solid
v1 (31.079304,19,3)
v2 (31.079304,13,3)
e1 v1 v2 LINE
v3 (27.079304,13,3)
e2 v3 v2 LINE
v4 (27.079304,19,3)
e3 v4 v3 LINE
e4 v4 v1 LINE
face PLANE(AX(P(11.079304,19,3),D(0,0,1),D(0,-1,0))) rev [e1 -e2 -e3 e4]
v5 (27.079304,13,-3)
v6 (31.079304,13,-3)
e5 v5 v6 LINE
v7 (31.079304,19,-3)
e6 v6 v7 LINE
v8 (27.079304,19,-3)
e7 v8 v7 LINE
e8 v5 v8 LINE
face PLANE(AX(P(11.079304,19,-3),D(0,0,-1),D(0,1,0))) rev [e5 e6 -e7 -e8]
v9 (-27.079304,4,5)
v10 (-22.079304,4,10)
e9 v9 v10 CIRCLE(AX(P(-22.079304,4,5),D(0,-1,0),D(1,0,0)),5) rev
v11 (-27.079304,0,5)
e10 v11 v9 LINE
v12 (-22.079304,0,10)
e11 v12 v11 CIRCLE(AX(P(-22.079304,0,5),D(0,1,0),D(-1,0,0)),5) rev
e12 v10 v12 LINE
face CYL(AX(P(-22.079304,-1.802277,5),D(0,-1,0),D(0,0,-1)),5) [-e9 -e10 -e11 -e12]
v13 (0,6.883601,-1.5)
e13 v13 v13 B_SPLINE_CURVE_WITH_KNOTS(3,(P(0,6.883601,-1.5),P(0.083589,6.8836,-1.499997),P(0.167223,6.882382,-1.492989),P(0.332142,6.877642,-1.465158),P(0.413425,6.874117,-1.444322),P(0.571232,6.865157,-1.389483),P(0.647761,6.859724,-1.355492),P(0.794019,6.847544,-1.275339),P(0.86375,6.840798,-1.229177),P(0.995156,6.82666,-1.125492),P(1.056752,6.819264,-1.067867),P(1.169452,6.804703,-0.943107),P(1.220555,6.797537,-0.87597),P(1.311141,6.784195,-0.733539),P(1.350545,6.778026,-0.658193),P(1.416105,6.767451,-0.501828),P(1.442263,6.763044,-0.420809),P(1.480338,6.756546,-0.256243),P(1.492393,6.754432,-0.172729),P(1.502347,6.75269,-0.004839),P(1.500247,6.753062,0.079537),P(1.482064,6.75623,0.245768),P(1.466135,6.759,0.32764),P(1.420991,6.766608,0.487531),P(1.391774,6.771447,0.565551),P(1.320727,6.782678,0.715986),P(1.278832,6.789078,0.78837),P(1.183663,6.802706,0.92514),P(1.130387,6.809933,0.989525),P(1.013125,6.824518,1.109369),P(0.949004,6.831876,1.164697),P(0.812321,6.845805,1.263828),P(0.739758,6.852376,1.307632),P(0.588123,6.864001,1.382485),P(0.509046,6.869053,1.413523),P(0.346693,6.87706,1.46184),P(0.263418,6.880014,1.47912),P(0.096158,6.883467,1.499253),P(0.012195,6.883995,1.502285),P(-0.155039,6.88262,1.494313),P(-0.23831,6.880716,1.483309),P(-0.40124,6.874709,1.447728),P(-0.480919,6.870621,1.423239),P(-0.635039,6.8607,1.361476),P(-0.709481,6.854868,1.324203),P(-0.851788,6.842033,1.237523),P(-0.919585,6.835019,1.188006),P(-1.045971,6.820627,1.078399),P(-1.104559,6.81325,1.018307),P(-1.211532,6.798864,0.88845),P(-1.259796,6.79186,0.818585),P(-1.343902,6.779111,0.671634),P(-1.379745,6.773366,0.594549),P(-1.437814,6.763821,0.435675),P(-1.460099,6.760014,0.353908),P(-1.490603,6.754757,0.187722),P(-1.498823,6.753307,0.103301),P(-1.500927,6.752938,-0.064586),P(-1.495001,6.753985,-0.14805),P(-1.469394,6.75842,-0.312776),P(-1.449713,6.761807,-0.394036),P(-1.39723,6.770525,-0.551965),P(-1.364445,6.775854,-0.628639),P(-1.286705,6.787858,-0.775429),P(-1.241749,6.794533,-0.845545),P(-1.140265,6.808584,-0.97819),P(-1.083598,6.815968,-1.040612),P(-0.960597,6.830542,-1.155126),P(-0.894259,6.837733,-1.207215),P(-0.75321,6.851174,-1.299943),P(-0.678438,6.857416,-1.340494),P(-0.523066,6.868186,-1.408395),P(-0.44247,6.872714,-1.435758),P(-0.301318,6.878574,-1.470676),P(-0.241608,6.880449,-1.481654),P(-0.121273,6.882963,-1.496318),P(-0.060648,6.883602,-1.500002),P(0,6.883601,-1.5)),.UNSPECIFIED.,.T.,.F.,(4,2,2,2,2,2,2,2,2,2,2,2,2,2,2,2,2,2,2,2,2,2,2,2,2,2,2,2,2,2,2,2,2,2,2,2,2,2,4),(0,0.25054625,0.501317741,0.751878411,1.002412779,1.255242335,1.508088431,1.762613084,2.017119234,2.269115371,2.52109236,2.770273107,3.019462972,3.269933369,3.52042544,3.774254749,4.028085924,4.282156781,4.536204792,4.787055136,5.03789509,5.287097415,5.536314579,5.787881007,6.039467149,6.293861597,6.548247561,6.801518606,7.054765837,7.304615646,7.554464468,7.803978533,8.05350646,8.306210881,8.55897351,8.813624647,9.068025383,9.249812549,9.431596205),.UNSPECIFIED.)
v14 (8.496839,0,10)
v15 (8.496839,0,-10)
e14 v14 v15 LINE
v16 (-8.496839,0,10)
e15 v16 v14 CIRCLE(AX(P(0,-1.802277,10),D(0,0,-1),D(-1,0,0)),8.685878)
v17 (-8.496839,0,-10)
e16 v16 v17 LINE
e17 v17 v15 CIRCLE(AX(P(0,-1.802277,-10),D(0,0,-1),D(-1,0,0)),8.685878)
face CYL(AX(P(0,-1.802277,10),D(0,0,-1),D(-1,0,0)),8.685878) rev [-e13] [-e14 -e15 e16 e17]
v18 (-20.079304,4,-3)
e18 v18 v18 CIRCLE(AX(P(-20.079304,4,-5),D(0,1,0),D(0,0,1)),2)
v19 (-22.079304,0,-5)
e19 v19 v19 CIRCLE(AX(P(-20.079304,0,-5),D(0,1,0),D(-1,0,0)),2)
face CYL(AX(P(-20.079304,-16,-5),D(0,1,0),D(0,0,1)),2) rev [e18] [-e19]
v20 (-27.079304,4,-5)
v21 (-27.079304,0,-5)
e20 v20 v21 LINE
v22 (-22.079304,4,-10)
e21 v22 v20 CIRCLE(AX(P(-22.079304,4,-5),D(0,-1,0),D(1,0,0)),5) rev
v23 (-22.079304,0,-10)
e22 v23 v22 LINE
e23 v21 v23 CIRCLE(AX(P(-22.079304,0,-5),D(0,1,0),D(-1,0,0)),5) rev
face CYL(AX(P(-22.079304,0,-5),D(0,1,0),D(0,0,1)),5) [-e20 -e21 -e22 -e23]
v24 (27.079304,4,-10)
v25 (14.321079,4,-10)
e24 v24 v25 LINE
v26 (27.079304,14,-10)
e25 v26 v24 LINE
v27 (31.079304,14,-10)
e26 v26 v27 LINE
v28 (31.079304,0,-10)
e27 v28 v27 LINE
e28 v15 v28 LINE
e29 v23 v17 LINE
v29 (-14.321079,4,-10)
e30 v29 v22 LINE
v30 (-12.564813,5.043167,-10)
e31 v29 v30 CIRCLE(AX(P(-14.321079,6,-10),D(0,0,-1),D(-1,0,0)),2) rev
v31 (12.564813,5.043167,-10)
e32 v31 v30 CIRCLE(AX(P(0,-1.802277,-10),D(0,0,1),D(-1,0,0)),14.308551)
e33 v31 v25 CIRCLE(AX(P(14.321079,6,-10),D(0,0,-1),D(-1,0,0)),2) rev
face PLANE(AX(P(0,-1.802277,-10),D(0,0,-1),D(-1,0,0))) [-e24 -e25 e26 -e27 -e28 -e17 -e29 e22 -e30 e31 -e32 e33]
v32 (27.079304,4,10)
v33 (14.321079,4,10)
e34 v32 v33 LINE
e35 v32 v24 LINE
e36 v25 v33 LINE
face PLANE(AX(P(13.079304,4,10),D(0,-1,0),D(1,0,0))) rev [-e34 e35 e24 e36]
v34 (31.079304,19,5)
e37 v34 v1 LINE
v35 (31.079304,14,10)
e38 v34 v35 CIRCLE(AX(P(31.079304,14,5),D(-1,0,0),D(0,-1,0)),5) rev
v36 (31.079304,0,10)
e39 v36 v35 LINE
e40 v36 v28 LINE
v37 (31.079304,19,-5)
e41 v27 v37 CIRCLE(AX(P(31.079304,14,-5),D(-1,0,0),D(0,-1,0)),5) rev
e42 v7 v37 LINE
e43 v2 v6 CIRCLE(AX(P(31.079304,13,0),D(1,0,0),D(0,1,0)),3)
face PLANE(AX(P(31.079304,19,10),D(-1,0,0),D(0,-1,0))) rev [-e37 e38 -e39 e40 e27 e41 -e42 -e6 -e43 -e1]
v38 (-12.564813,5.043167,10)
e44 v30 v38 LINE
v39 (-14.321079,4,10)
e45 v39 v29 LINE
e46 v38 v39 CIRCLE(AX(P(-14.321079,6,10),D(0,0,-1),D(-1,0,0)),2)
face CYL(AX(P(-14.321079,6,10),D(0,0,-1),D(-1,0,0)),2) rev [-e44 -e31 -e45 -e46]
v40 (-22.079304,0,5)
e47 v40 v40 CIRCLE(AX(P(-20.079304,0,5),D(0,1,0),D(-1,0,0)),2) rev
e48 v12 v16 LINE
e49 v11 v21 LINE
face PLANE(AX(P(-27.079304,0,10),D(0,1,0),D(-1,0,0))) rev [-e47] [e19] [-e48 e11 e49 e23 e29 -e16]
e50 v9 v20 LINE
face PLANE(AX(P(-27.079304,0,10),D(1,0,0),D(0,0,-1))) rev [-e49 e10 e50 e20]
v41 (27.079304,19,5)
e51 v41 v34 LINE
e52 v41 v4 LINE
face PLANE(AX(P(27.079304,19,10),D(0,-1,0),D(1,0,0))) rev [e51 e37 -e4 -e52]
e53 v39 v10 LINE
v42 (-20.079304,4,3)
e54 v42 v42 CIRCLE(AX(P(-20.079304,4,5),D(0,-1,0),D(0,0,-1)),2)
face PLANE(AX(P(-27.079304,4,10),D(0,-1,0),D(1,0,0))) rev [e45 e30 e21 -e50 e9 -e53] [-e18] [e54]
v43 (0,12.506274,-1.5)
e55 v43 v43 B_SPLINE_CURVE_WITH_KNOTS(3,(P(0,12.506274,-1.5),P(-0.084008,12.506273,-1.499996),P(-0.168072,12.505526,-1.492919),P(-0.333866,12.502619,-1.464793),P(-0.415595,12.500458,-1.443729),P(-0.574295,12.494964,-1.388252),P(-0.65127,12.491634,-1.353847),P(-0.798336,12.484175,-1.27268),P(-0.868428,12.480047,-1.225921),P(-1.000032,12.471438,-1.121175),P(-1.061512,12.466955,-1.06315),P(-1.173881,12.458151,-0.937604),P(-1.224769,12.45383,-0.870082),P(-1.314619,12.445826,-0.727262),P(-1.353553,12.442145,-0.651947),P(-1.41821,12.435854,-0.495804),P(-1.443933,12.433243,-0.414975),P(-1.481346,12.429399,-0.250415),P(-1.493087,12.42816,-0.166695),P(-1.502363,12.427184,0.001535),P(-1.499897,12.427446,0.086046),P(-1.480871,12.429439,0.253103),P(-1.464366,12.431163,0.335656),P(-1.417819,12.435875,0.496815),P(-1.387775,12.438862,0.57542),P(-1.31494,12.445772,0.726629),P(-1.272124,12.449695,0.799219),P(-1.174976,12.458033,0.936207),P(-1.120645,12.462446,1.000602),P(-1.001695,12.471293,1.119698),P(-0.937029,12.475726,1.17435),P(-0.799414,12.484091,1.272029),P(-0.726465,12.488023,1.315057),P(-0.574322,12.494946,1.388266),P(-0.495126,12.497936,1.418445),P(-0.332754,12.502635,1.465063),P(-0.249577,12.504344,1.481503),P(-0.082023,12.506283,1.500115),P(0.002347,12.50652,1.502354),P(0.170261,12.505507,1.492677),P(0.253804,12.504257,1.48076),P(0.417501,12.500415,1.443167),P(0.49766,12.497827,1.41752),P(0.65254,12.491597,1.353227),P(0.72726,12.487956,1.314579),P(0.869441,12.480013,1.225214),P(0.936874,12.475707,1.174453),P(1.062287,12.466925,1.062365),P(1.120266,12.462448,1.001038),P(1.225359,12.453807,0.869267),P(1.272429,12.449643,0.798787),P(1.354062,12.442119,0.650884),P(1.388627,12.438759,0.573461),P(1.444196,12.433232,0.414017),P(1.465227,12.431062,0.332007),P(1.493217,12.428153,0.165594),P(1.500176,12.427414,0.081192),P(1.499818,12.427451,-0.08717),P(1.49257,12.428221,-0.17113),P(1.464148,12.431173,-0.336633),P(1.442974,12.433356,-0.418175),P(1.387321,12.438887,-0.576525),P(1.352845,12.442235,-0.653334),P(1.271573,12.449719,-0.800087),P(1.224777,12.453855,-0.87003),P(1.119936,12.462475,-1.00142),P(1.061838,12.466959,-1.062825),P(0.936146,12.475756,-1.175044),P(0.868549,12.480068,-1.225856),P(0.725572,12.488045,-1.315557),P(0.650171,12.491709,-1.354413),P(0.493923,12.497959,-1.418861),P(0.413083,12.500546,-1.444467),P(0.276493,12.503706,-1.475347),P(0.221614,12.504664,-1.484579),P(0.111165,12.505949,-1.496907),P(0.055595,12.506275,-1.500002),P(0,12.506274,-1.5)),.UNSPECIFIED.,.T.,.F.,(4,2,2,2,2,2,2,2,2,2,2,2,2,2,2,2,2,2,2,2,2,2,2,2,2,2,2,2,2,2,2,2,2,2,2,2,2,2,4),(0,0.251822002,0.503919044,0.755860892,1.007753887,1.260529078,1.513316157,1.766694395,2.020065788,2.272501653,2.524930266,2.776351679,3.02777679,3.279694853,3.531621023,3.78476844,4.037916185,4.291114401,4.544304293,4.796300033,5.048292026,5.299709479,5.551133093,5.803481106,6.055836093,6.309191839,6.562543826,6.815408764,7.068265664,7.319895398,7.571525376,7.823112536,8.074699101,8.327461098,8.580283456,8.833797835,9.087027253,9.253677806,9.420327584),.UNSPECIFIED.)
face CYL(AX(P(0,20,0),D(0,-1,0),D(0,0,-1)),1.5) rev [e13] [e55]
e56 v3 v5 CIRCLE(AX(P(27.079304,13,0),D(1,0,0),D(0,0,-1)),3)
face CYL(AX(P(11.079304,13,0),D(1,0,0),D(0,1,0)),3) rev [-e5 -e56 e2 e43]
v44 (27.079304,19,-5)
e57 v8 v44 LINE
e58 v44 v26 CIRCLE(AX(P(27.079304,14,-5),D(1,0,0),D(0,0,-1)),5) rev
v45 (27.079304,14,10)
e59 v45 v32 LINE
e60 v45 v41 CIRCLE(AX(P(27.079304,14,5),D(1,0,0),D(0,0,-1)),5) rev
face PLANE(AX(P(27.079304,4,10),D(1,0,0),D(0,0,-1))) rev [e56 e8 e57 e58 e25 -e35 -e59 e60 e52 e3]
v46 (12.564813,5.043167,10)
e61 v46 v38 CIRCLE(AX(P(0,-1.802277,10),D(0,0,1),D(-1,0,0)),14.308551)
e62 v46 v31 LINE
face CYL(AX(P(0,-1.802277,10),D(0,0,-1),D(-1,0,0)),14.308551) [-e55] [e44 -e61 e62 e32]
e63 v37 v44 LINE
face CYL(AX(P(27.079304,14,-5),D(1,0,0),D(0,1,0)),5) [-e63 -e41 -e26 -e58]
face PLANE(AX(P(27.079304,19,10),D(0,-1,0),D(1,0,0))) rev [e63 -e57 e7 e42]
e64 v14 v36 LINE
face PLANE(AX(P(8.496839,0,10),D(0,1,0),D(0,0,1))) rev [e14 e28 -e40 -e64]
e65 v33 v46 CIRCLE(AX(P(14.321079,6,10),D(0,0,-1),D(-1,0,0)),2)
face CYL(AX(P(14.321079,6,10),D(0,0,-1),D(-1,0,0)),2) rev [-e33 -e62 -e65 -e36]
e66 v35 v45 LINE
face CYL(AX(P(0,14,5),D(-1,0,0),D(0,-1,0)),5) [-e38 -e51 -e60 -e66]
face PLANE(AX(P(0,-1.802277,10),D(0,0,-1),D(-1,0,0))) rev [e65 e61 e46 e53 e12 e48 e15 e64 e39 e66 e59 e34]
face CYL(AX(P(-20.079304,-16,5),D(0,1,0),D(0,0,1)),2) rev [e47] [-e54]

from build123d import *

# Parameters (mm, degrees)
ESTRUSIONE_ESTRUSIONE1_DEPTH = 10
RACCORDO1_R                  = 5
RACCORDO2_R                  = 5
RACCORDO3_R                  = 2
SCHIZZO3_R                   = 2
TAGLIO_ESTRUSIONE1_DEPTH     = 20
SCHIZZO5_R                   = 1.5
TAGLIO_ESTRUSIONE2_DEPTH     = 20
TAGLIO_ESTRUSIONE3_DEPTH     = 20


with BuildPart() as part:
    # Schizzo2 → Estrusione-Estrusione1 (new body, symmetric)
    with BuildSketch(Plane.XY):
        with BuildLine():
            Line((-27.079304388, 0), (-27.079304388, 4))
            Line((-27.079304388, 4), (-13.079304388, 4))
            ThreePointArc((-13.079304388, 4), (0, 12.506273841), (13.079304388, 4))
            Line((13.079304388, 4), (27.079304388, 4))
            Line((27.079304388, 4), (27.079304388, 19))
            Line((27.079304388, 19), (31.079304388, 19))
            Line((31.079304388, 19), (31.079304388, 0))
            Line((31.079304388, 0), (8.496839078, 0))
            ThreePointArc((8.496839078, 0), (0, 6.88360126), (-8.496839078, 0))
            Line((-8.496839078, 0), (-27.079304388, 0))
        make_face()
    extrude(amount=ESTRUSIONE_ESTRUSIONE1_DEPTH, both=True)

    # Raccordo1
    raccordo1_edges = [part.edges().sort_by_distance(p)[0] for p in [
        (29.079304388, 19, -10),
        (29.079304388, 19, 10),
    ]]
    fillet(raccordo1_edges, radius=RACCORDO1_R)

    # Raccordo2
    raccordo2_edges = [part.edges().sort_by_distance(p)[0] for p in [
        (-27.079304388, 2, -10),
        (-27.079304388, 2, 10),
    ]]
    fillet(raccordo2_edges, radius=RACCORDO2_R)

    # Raccordo3
    raccordo3_edges = [part.edges().sort_by_distance(p)[0] for p in [
        (-13.079304388, 4, 0),
        (13.079304388, 4, 0),
    ]]
    fillet(raccordo3_edges, radius=RACCORDO3_R)

    # Schizzo3 → Taglio-Estrusione1 (cut)
    with BuildSketch(Plane(origin=(0, 4, 0), x_dir=(1, 0, 0), z_dir=(0, 1, 0))):
        with Locations((-20.079304388, 5)):
            Circle(SCHIZZO3_R)
    taglio_estrusione1 = extrude(amount=-TAGLIO_ESTRUSIONE1_DEPTH, mode=Mode.SUBTRACT)

    # Specchia1: Taglio-Estrusione1 across plane
    add(taglio_estrusione1.mirror(Plane.XY), mode=Mode.SUBTRACT)

    # Schizzo5 → Taglio-Estrusione2 (cut)
    with BuildSketch(Plane(origin=(0, 0, 0), x_dir=(1, 0, 0), z_dir=(0, 1, 0))):
        Circle(SCHIZZO5_R)
    extrude(amount=TAGLIO_ESTRUSIONE2_DEPTH, mode=Mode.SUBTRACT)

    # Schizzo7 → Taglio-Estrusione3 (cut)
    with BuildSketch(Plane(origin=(31.079304388, 0, 0), x_dir=(0, 0, -1), z_dir=(1, 0, 0))):
        with BuildLine():
            Line((-3, 19), (-3, 13))
            ThreePointArc((-3, 13), (0, 10), (3, 13))
            Line((3, 13), (3, 19))
            Line((3, 19), (-3, 19))
        make_face()
    extrude(amount=-TAGLIO_ESTRUSIONE3_DEPTH, mode=Mode.SUBTRACT)


solid = part.part
